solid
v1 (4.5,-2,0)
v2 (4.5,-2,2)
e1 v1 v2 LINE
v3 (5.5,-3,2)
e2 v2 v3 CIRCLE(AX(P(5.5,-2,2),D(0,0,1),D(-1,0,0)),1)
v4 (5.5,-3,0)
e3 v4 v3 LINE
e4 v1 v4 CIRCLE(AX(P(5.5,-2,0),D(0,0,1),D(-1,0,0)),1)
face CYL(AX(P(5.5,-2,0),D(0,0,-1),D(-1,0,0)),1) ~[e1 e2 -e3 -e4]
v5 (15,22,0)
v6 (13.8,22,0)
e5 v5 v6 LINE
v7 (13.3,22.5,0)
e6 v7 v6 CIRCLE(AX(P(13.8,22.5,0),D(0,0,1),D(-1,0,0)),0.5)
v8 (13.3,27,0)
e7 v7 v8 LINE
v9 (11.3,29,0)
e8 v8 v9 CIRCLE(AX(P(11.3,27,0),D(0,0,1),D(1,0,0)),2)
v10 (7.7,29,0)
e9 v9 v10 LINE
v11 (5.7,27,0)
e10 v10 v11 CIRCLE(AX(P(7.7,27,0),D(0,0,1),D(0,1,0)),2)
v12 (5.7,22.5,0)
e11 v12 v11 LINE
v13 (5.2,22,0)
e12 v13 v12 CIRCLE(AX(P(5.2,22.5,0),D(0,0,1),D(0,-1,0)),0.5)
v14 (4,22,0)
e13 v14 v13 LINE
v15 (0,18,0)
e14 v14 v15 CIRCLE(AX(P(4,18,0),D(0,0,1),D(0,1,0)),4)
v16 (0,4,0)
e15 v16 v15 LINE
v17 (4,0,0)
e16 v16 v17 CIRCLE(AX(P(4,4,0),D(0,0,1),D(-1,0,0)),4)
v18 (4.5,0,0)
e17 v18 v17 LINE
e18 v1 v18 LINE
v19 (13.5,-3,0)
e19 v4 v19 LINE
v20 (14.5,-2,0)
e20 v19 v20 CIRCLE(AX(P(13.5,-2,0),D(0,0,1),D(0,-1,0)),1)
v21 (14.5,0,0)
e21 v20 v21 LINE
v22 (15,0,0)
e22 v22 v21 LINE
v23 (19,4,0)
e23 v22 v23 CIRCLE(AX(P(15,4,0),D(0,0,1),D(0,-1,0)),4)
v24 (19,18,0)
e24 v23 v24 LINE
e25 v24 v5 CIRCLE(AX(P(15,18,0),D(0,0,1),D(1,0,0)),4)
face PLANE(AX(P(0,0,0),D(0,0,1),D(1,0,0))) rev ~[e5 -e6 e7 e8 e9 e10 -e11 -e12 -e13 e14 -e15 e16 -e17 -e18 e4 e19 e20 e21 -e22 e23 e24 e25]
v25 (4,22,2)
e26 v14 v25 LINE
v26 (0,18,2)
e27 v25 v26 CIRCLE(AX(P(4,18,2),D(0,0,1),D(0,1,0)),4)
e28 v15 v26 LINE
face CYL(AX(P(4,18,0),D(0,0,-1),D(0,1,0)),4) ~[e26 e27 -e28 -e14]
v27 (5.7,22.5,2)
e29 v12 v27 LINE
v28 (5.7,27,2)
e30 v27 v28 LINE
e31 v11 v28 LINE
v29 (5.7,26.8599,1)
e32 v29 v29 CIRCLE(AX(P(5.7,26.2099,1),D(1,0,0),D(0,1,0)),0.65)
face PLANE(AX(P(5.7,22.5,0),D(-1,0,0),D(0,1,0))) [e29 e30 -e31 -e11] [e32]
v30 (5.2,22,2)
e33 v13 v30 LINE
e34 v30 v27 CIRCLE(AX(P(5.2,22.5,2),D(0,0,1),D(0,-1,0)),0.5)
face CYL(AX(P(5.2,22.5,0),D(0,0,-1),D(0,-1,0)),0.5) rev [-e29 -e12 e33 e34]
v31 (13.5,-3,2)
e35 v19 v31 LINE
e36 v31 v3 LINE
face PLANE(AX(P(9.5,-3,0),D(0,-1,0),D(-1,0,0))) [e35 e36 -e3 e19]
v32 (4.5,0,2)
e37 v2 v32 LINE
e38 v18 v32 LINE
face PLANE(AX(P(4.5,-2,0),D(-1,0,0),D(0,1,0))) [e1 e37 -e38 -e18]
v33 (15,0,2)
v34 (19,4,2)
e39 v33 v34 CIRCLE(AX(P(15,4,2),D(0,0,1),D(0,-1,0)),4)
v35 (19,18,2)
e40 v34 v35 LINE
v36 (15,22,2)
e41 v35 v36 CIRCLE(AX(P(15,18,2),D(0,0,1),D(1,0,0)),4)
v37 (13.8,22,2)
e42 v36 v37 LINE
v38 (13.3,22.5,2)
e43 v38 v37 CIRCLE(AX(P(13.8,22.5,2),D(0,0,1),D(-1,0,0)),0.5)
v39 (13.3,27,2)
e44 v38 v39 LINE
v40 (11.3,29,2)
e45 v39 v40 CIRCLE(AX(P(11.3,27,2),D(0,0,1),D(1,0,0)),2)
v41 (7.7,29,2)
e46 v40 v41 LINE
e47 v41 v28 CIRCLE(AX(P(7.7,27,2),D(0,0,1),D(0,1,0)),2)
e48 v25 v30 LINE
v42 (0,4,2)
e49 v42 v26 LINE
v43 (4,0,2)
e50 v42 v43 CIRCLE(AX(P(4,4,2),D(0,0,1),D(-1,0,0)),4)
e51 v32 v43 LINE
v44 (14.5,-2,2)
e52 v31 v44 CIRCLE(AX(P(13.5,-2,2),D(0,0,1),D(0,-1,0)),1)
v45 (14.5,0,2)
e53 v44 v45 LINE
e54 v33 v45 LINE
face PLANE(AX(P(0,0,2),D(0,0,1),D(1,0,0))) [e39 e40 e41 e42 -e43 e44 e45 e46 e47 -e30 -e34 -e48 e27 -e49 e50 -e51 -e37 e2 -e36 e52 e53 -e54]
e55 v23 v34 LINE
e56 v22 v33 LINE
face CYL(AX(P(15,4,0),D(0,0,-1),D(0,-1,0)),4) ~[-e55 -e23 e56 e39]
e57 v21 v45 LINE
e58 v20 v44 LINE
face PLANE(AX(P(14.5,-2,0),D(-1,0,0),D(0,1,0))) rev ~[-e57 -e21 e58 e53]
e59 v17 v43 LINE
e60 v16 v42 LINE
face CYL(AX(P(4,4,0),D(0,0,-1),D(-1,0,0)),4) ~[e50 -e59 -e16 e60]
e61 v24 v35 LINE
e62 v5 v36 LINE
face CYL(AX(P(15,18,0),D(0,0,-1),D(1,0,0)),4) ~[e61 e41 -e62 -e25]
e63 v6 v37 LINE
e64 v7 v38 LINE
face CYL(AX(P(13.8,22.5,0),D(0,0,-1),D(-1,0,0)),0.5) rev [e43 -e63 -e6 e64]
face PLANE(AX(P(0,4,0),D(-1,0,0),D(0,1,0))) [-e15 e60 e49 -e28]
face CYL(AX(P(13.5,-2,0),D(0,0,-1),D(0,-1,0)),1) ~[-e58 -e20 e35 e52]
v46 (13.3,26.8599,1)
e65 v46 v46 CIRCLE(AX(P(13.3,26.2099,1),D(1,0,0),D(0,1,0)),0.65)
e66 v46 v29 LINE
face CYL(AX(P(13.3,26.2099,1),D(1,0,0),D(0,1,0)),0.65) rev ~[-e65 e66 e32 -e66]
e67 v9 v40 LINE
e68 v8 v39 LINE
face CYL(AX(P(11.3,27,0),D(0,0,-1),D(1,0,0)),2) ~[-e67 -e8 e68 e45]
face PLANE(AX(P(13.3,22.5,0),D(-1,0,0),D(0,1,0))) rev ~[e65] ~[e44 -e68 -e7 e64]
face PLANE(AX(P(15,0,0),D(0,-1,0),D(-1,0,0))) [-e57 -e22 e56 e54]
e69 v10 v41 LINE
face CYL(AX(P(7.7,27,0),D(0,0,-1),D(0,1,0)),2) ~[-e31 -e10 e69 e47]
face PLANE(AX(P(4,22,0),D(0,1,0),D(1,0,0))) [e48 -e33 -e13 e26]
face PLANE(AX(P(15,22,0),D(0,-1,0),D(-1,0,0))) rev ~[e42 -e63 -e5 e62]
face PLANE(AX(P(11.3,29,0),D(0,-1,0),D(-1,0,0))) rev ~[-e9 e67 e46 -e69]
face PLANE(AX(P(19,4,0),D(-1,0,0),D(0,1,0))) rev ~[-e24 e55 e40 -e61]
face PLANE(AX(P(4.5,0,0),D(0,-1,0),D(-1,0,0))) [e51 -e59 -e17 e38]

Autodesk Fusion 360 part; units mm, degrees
sketch "Sketch1" plane through (0, 0, 0) normal (0, 0, 1) x (1, 0, 0)
  line L0 (9.5, 29) -> (9.5, 22) construction
  line L1 (9.5, 0) -> (9.5, -3) construction
  line L2 (9.5, -3) -> (13.5, -3)
  line L3 (9.5, -3) -> (5.5, -3)
  line L4 (4.5, -2) -> (4.5, 0)
  line L5 (14.5, -2) -> (14.5, 0)
  line L6 (15, 0) -> (14.5, 0)
  line L7 (4.5, 0) -> (4, 0)
  line L8 (13.3, 22.5) -> (13.3, 27)
  line L9 (5.7, 22.5) -> (5.7, 27)
  line L10 (11.3, 29) -> (7.7, 29)
  line L11 (19, 4) -> (19, 18)
  line L12 (0, 4) -> (0, 18)
  arc A0 (0, 4) -> (4, 0) centre (4, 4) ccw
  arc A1 (15, 0) -> (19, 4) centre (15, 4) ccw
  arc A2 (19, 18) -> (15, 22) centre (15, 18) ccw
  arc A3 (4, 22) -> (0, 18) centre (4, 18) ccw
  line L13 (15, 22) -> (13.8, 22)
  arc A4 (13.3, 22.5) -> (13.8, 22) centre (13.8, 22.5) ccw
  line L14 (4, 22) -> (5.2, 22)
  arc A5 (5.2, 22) -> (5.7, 22.5) centre (5.2, 22.5) ccw
  arc A6 (13.3, 27) -> (11.3, 29) centre (11.3, 27) ccw
  arc A7 (7.7, 29) -> (5.7, 27) centre (7.7, 27) ccw
  arc A8 (13.5, -3) -> (14.5, -2) centre (13.5, -2) ccw
  arc A9 (4.5, -2) -> (5.5, -3) centre (5.5, -2) ccw
  point P0 (19, 0)
  point P1 (13.3, 22)
  dimension "d1" = 19
  dimension "d6" = 3.8
  dimension "d8" = 4
  dimension "d9" = 4
  dimension "d10" = 4
  dimension "d11" = 4
  dimension "d12" = 0.5
  dimension "d13" = 0.5
  dimension "d14" = 2
  dimension "d15" = 2
  dimension "d16" = 1
  dimension "d17" = 1
extrude "Extrude1" add sketch "Sketch1" along normal blind 2
sketch "Sketch2" plane through (13.3, 0, 0) normal (1, 0, 0) x (0, 1, 0)
  line L0 (22.5, 0) -> (27, 0)
  line L1 (27, 0) -> (27, 2)
  line L2 (27, 2) -> (22.5, 2)
  line L3 (22.5, 2) -> (22.5, 0)
  line L4 (27, 1) -> (22.5, 1) construction
  circle A0 centre (26.2099, 1) radius 0.65
  dimension "d20" = 1.3
extrude "Extrude2" cut sketch "Sketch2" against normal blind 20 contours A0
